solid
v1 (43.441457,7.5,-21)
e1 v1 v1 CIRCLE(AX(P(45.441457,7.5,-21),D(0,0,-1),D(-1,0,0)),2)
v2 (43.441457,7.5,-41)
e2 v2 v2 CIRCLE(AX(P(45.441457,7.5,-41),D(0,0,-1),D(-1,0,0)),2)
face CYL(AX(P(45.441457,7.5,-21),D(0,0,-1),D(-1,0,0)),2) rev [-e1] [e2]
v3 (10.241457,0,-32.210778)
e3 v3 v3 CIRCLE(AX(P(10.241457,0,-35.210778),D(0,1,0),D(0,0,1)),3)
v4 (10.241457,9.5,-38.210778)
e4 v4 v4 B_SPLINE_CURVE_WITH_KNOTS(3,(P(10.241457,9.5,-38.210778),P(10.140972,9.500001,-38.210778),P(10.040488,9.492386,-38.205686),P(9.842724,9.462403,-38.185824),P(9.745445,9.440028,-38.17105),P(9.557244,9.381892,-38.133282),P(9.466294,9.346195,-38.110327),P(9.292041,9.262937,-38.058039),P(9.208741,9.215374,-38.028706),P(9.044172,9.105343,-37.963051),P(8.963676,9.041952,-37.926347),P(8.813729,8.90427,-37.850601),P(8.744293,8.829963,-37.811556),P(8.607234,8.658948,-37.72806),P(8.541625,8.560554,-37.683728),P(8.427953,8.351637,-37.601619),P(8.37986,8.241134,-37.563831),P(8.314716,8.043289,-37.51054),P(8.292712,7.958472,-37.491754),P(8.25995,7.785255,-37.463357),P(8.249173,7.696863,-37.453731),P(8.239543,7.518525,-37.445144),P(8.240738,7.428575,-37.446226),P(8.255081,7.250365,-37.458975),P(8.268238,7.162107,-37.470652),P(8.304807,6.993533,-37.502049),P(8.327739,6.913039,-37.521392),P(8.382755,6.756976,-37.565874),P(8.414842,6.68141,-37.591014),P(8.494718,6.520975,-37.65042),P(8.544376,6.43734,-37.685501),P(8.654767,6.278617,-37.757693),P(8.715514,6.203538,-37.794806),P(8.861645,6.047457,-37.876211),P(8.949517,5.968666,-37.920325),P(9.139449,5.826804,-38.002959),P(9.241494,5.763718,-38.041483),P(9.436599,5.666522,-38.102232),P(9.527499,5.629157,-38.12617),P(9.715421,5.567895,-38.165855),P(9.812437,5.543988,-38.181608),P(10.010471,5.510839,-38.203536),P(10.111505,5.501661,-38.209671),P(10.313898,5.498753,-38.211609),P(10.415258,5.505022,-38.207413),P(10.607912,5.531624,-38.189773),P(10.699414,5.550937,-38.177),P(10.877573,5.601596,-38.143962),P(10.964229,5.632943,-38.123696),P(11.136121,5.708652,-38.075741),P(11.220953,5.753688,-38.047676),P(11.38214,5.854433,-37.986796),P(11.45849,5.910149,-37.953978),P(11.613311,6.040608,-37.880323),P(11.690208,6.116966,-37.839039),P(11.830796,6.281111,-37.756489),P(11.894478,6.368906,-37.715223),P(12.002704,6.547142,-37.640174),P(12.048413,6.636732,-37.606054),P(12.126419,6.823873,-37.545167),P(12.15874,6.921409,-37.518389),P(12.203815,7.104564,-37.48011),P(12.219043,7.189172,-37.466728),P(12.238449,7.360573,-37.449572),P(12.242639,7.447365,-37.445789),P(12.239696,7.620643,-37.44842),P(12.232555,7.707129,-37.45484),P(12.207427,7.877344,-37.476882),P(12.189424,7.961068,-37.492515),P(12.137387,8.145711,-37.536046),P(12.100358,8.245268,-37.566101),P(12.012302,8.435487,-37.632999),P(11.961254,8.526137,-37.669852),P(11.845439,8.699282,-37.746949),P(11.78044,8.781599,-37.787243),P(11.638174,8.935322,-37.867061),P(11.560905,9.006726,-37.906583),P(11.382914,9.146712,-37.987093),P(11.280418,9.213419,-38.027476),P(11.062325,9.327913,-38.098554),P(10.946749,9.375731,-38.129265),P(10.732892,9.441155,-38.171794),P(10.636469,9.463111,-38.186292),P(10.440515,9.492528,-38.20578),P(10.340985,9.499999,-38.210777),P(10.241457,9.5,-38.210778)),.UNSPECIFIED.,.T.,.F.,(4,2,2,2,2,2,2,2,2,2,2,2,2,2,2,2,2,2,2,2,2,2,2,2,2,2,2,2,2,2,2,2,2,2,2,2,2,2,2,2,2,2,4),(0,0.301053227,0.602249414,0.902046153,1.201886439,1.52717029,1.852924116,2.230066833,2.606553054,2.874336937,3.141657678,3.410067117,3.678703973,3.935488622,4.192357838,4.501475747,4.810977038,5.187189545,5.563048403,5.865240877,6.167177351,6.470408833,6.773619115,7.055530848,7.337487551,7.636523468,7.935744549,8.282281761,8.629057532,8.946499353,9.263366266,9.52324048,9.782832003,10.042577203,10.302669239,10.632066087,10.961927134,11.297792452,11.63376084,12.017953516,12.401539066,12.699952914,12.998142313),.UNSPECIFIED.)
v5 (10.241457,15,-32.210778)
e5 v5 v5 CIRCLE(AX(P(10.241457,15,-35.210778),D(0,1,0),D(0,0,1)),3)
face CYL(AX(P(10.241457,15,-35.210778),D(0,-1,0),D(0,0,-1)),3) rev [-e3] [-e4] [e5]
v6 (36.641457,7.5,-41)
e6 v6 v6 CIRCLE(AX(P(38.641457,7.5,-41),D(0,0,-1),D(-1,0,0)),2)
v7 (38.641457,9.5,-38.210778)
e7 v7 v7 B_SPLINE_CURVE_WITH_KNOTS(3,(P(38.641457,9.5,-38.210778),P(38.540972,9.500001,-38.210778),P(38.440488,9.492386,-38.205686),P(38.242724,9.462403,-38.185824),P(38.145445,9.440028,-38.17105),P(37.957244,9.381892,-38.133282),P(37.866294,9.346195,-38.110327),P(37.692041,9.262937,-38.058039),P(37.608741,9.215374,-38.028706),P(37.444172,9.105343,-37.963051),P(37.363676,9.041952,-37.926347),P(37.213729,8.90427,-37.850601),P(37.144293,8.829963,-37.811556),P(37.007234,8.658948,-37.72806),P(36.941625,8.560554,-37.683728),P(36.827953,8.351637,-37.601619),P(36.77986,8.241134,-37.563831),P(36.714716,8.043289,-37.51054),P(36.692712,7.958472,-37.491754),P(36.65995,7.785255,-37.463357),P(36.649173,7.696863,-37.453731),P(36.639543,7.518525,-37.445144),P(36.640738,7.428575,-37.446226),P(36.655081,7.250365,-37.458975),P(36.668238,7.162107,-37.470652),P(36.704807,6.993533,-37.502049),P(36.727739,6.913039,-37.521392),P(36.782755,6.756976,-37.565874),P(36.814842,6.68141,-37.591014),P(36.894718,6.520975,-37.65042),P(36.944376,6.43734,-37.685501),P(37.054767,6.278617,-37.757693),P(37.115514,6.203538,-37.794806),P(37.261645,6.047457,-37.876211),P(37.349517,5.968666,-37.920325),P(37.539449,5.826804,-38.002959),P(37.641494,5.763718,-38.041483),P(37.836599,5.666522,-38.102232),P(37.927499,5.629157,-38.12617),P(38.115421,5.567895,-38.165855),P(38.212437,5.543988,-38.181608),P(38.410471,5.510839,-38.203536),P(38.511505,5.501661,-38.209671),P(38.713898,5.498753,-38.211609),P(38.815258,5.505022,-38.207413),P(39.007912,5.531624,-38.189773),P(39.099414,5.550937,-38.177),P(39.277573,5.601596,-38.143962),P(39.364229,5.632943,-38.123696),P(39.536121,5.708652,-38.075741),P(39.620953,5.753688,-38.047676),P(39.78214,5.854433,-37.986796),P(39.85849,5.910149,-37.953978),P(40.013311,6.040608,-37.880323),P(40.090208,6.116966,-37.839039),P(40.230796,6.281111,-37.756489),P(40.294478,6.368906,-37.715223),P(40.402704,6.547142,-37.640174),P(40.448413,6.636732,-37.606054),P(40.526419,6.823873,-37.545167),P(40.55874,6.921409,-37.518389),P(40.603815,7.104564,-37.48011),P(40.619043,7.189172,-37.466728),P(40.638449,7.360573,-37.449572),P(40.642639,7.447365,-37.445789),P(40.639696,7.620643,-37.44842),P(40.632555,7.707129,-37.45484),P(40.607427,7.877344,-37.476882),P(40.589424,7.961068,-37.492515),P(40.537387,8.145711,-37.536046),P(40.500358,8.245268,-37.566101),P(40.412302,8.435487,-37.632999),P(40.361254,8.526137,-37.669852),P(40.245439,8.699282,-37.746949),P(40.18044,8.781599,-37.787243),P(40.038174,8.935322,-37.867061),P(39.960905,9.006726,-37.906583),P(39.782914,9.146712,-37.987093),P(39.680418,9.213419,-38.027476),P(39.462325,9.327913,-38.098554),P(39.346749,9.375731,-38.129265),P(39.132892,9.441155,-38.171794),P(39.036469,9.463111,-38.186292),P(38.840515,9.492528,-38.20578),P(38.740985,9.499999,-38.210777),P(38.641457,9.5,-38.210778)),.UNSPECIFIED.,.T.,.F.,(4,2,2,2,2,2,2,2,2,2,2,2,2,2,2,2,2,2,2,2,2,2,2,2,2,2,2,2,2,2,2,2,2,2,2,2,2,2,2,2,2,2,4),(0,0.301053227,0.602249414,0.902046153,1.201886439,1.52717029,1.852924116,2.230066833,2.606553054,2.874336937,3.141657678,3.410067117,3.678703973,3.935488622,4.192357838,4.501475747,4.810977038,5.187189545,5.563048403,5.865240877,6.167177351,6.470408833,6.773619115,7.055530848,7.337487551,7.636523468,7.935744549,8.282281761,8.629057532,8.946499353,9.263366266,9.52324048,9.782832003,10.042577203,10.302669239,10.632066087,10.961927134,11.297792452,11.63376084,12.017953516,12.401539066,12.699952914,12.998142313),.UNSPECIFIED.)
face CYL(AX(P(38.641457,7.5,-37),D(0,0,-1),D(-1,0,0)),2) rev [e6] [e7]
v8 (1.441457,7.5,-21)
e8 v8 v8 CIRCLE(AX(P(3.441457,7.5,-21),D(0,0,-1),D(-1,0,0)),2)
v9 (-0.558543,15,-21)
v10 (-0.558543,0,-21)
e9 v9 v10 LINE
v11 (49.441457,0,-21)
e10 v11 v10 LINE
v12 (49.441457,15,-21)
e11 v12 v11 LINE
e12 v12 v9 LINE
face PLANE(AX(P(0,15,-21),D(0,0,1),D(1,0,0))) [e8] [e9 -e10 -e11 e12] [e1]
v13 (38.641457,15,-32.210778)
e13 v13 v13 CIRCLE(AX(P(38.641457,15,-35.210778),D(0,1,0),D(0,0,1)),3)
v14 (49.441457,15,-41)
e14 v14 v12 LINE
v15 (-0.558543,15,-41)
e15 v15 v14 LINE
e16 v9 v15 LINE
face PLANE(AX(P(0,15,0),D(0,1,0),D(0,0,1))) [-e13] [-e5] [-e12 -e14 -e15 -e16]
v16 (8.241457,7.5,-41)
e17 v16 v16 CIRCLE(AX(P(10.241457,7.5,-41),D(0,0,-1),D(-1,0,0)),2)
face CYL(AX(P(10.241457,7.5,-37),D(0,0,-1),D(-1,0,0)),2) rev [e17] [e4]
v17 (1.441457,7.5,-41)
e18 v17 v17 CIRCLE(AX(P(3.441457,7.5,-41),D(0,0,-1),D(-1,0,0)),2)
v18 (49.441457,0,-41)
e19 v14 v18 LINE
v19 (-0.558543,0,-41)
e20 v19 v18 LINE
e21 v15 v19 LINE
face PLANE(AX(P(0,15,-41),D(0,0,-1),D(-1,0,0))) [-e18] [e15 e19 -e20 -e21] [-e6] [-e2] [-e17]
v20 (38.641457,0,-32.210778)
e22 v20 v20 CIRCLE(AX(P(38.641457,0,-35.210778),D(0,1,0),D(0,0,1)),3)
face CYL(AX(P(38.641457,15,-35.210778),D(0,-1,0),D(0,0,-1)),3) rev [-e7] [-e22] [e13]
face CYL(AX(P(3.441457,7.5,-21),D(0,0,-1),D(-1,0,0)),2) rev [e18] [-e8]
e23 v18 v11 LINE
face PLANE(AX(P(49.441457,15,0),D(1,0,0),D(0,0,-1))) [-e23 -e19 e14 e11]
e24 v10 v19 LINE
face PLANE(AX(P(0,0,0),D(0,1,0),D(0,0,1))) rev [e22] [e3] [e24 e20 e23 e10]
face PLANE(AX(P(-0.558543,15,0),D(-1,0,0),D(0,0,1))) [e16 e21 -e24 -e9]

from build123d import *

# Parameters (mm, degrees)
ESBO_O1_W                = 50
ESBO_O1_H                = 20
ESBO_O1_R                = 3
RESSALTO_EXTRUS_O1_DEPTH = 15
ESBO_O2_R                = 2
CORTE_EXTRUS_O1_DEPTH    = 56.402686144
ESBO_O3_R                = 2
CORTE_EXTRUS_O2_DEPTH    = 4


with BuildPart() as part:
    # Esboço1 → Ressalto-extrusão1 (new body)
    with BuildSketch(Plane(origin=(0, 0, 0), x_dir=(1, 0, 0), z_dir=(0, 1, 0))):
        with Locations((24.441456613, 31)):
            Rectangle(ESBO_O1_W, ESBO_O1_H)
        with Locations(Location((10.241456613, 35.210777548, 0), (0, 0, 270))):
            Circle(ESBO_O1_R, mode=Mode.SUBTRACT)
        with Locations(Location((38.641456613, 35.210777548, 0), (0, 0, 270))):
            Circle(ESBO_O1_R, mode=Mode.SUBTRACT)
    extrude(amount=RESSALTO_EXTRUS_O1_DEPTH)

    # Esboço2 → Corte-extrusão1 (cut, through all)
    with BuildSketch(Plane(origin=(0, 0, -41), x_dir=(-1, 0, 0), z_dir=(0, 0, -1))):
        with Locations((-3.441456613, 7.5)):
            Circle(ESBO_O2_R)
        with Locations((-45.441456613, 7.5)):
            Circle(ESBO_O2_R)
    extrude(amount=-CORTE_EXTRUS_O1_DEPTH, mode=Mode.SUBTRACT)

    # Esboço3 → Corte-extrusão2 (cut)
    with BuildSketch(Plane(origin=(0, 0, -41), x_dir=(-1, 0, 0), z_dir=(0, 0, -1))):
        with Locations((-10.241456613, 7.5)):
            Circle(ESBO_O3_R)
        with Locations((-38.641456613, 7.5)):
            Circle(ESBO_O3_R)
    extrude(amount=-CORTE_EXTRUS_O2_DEPTH, mode=Mode.SUBTRACT)


solid = part.part
